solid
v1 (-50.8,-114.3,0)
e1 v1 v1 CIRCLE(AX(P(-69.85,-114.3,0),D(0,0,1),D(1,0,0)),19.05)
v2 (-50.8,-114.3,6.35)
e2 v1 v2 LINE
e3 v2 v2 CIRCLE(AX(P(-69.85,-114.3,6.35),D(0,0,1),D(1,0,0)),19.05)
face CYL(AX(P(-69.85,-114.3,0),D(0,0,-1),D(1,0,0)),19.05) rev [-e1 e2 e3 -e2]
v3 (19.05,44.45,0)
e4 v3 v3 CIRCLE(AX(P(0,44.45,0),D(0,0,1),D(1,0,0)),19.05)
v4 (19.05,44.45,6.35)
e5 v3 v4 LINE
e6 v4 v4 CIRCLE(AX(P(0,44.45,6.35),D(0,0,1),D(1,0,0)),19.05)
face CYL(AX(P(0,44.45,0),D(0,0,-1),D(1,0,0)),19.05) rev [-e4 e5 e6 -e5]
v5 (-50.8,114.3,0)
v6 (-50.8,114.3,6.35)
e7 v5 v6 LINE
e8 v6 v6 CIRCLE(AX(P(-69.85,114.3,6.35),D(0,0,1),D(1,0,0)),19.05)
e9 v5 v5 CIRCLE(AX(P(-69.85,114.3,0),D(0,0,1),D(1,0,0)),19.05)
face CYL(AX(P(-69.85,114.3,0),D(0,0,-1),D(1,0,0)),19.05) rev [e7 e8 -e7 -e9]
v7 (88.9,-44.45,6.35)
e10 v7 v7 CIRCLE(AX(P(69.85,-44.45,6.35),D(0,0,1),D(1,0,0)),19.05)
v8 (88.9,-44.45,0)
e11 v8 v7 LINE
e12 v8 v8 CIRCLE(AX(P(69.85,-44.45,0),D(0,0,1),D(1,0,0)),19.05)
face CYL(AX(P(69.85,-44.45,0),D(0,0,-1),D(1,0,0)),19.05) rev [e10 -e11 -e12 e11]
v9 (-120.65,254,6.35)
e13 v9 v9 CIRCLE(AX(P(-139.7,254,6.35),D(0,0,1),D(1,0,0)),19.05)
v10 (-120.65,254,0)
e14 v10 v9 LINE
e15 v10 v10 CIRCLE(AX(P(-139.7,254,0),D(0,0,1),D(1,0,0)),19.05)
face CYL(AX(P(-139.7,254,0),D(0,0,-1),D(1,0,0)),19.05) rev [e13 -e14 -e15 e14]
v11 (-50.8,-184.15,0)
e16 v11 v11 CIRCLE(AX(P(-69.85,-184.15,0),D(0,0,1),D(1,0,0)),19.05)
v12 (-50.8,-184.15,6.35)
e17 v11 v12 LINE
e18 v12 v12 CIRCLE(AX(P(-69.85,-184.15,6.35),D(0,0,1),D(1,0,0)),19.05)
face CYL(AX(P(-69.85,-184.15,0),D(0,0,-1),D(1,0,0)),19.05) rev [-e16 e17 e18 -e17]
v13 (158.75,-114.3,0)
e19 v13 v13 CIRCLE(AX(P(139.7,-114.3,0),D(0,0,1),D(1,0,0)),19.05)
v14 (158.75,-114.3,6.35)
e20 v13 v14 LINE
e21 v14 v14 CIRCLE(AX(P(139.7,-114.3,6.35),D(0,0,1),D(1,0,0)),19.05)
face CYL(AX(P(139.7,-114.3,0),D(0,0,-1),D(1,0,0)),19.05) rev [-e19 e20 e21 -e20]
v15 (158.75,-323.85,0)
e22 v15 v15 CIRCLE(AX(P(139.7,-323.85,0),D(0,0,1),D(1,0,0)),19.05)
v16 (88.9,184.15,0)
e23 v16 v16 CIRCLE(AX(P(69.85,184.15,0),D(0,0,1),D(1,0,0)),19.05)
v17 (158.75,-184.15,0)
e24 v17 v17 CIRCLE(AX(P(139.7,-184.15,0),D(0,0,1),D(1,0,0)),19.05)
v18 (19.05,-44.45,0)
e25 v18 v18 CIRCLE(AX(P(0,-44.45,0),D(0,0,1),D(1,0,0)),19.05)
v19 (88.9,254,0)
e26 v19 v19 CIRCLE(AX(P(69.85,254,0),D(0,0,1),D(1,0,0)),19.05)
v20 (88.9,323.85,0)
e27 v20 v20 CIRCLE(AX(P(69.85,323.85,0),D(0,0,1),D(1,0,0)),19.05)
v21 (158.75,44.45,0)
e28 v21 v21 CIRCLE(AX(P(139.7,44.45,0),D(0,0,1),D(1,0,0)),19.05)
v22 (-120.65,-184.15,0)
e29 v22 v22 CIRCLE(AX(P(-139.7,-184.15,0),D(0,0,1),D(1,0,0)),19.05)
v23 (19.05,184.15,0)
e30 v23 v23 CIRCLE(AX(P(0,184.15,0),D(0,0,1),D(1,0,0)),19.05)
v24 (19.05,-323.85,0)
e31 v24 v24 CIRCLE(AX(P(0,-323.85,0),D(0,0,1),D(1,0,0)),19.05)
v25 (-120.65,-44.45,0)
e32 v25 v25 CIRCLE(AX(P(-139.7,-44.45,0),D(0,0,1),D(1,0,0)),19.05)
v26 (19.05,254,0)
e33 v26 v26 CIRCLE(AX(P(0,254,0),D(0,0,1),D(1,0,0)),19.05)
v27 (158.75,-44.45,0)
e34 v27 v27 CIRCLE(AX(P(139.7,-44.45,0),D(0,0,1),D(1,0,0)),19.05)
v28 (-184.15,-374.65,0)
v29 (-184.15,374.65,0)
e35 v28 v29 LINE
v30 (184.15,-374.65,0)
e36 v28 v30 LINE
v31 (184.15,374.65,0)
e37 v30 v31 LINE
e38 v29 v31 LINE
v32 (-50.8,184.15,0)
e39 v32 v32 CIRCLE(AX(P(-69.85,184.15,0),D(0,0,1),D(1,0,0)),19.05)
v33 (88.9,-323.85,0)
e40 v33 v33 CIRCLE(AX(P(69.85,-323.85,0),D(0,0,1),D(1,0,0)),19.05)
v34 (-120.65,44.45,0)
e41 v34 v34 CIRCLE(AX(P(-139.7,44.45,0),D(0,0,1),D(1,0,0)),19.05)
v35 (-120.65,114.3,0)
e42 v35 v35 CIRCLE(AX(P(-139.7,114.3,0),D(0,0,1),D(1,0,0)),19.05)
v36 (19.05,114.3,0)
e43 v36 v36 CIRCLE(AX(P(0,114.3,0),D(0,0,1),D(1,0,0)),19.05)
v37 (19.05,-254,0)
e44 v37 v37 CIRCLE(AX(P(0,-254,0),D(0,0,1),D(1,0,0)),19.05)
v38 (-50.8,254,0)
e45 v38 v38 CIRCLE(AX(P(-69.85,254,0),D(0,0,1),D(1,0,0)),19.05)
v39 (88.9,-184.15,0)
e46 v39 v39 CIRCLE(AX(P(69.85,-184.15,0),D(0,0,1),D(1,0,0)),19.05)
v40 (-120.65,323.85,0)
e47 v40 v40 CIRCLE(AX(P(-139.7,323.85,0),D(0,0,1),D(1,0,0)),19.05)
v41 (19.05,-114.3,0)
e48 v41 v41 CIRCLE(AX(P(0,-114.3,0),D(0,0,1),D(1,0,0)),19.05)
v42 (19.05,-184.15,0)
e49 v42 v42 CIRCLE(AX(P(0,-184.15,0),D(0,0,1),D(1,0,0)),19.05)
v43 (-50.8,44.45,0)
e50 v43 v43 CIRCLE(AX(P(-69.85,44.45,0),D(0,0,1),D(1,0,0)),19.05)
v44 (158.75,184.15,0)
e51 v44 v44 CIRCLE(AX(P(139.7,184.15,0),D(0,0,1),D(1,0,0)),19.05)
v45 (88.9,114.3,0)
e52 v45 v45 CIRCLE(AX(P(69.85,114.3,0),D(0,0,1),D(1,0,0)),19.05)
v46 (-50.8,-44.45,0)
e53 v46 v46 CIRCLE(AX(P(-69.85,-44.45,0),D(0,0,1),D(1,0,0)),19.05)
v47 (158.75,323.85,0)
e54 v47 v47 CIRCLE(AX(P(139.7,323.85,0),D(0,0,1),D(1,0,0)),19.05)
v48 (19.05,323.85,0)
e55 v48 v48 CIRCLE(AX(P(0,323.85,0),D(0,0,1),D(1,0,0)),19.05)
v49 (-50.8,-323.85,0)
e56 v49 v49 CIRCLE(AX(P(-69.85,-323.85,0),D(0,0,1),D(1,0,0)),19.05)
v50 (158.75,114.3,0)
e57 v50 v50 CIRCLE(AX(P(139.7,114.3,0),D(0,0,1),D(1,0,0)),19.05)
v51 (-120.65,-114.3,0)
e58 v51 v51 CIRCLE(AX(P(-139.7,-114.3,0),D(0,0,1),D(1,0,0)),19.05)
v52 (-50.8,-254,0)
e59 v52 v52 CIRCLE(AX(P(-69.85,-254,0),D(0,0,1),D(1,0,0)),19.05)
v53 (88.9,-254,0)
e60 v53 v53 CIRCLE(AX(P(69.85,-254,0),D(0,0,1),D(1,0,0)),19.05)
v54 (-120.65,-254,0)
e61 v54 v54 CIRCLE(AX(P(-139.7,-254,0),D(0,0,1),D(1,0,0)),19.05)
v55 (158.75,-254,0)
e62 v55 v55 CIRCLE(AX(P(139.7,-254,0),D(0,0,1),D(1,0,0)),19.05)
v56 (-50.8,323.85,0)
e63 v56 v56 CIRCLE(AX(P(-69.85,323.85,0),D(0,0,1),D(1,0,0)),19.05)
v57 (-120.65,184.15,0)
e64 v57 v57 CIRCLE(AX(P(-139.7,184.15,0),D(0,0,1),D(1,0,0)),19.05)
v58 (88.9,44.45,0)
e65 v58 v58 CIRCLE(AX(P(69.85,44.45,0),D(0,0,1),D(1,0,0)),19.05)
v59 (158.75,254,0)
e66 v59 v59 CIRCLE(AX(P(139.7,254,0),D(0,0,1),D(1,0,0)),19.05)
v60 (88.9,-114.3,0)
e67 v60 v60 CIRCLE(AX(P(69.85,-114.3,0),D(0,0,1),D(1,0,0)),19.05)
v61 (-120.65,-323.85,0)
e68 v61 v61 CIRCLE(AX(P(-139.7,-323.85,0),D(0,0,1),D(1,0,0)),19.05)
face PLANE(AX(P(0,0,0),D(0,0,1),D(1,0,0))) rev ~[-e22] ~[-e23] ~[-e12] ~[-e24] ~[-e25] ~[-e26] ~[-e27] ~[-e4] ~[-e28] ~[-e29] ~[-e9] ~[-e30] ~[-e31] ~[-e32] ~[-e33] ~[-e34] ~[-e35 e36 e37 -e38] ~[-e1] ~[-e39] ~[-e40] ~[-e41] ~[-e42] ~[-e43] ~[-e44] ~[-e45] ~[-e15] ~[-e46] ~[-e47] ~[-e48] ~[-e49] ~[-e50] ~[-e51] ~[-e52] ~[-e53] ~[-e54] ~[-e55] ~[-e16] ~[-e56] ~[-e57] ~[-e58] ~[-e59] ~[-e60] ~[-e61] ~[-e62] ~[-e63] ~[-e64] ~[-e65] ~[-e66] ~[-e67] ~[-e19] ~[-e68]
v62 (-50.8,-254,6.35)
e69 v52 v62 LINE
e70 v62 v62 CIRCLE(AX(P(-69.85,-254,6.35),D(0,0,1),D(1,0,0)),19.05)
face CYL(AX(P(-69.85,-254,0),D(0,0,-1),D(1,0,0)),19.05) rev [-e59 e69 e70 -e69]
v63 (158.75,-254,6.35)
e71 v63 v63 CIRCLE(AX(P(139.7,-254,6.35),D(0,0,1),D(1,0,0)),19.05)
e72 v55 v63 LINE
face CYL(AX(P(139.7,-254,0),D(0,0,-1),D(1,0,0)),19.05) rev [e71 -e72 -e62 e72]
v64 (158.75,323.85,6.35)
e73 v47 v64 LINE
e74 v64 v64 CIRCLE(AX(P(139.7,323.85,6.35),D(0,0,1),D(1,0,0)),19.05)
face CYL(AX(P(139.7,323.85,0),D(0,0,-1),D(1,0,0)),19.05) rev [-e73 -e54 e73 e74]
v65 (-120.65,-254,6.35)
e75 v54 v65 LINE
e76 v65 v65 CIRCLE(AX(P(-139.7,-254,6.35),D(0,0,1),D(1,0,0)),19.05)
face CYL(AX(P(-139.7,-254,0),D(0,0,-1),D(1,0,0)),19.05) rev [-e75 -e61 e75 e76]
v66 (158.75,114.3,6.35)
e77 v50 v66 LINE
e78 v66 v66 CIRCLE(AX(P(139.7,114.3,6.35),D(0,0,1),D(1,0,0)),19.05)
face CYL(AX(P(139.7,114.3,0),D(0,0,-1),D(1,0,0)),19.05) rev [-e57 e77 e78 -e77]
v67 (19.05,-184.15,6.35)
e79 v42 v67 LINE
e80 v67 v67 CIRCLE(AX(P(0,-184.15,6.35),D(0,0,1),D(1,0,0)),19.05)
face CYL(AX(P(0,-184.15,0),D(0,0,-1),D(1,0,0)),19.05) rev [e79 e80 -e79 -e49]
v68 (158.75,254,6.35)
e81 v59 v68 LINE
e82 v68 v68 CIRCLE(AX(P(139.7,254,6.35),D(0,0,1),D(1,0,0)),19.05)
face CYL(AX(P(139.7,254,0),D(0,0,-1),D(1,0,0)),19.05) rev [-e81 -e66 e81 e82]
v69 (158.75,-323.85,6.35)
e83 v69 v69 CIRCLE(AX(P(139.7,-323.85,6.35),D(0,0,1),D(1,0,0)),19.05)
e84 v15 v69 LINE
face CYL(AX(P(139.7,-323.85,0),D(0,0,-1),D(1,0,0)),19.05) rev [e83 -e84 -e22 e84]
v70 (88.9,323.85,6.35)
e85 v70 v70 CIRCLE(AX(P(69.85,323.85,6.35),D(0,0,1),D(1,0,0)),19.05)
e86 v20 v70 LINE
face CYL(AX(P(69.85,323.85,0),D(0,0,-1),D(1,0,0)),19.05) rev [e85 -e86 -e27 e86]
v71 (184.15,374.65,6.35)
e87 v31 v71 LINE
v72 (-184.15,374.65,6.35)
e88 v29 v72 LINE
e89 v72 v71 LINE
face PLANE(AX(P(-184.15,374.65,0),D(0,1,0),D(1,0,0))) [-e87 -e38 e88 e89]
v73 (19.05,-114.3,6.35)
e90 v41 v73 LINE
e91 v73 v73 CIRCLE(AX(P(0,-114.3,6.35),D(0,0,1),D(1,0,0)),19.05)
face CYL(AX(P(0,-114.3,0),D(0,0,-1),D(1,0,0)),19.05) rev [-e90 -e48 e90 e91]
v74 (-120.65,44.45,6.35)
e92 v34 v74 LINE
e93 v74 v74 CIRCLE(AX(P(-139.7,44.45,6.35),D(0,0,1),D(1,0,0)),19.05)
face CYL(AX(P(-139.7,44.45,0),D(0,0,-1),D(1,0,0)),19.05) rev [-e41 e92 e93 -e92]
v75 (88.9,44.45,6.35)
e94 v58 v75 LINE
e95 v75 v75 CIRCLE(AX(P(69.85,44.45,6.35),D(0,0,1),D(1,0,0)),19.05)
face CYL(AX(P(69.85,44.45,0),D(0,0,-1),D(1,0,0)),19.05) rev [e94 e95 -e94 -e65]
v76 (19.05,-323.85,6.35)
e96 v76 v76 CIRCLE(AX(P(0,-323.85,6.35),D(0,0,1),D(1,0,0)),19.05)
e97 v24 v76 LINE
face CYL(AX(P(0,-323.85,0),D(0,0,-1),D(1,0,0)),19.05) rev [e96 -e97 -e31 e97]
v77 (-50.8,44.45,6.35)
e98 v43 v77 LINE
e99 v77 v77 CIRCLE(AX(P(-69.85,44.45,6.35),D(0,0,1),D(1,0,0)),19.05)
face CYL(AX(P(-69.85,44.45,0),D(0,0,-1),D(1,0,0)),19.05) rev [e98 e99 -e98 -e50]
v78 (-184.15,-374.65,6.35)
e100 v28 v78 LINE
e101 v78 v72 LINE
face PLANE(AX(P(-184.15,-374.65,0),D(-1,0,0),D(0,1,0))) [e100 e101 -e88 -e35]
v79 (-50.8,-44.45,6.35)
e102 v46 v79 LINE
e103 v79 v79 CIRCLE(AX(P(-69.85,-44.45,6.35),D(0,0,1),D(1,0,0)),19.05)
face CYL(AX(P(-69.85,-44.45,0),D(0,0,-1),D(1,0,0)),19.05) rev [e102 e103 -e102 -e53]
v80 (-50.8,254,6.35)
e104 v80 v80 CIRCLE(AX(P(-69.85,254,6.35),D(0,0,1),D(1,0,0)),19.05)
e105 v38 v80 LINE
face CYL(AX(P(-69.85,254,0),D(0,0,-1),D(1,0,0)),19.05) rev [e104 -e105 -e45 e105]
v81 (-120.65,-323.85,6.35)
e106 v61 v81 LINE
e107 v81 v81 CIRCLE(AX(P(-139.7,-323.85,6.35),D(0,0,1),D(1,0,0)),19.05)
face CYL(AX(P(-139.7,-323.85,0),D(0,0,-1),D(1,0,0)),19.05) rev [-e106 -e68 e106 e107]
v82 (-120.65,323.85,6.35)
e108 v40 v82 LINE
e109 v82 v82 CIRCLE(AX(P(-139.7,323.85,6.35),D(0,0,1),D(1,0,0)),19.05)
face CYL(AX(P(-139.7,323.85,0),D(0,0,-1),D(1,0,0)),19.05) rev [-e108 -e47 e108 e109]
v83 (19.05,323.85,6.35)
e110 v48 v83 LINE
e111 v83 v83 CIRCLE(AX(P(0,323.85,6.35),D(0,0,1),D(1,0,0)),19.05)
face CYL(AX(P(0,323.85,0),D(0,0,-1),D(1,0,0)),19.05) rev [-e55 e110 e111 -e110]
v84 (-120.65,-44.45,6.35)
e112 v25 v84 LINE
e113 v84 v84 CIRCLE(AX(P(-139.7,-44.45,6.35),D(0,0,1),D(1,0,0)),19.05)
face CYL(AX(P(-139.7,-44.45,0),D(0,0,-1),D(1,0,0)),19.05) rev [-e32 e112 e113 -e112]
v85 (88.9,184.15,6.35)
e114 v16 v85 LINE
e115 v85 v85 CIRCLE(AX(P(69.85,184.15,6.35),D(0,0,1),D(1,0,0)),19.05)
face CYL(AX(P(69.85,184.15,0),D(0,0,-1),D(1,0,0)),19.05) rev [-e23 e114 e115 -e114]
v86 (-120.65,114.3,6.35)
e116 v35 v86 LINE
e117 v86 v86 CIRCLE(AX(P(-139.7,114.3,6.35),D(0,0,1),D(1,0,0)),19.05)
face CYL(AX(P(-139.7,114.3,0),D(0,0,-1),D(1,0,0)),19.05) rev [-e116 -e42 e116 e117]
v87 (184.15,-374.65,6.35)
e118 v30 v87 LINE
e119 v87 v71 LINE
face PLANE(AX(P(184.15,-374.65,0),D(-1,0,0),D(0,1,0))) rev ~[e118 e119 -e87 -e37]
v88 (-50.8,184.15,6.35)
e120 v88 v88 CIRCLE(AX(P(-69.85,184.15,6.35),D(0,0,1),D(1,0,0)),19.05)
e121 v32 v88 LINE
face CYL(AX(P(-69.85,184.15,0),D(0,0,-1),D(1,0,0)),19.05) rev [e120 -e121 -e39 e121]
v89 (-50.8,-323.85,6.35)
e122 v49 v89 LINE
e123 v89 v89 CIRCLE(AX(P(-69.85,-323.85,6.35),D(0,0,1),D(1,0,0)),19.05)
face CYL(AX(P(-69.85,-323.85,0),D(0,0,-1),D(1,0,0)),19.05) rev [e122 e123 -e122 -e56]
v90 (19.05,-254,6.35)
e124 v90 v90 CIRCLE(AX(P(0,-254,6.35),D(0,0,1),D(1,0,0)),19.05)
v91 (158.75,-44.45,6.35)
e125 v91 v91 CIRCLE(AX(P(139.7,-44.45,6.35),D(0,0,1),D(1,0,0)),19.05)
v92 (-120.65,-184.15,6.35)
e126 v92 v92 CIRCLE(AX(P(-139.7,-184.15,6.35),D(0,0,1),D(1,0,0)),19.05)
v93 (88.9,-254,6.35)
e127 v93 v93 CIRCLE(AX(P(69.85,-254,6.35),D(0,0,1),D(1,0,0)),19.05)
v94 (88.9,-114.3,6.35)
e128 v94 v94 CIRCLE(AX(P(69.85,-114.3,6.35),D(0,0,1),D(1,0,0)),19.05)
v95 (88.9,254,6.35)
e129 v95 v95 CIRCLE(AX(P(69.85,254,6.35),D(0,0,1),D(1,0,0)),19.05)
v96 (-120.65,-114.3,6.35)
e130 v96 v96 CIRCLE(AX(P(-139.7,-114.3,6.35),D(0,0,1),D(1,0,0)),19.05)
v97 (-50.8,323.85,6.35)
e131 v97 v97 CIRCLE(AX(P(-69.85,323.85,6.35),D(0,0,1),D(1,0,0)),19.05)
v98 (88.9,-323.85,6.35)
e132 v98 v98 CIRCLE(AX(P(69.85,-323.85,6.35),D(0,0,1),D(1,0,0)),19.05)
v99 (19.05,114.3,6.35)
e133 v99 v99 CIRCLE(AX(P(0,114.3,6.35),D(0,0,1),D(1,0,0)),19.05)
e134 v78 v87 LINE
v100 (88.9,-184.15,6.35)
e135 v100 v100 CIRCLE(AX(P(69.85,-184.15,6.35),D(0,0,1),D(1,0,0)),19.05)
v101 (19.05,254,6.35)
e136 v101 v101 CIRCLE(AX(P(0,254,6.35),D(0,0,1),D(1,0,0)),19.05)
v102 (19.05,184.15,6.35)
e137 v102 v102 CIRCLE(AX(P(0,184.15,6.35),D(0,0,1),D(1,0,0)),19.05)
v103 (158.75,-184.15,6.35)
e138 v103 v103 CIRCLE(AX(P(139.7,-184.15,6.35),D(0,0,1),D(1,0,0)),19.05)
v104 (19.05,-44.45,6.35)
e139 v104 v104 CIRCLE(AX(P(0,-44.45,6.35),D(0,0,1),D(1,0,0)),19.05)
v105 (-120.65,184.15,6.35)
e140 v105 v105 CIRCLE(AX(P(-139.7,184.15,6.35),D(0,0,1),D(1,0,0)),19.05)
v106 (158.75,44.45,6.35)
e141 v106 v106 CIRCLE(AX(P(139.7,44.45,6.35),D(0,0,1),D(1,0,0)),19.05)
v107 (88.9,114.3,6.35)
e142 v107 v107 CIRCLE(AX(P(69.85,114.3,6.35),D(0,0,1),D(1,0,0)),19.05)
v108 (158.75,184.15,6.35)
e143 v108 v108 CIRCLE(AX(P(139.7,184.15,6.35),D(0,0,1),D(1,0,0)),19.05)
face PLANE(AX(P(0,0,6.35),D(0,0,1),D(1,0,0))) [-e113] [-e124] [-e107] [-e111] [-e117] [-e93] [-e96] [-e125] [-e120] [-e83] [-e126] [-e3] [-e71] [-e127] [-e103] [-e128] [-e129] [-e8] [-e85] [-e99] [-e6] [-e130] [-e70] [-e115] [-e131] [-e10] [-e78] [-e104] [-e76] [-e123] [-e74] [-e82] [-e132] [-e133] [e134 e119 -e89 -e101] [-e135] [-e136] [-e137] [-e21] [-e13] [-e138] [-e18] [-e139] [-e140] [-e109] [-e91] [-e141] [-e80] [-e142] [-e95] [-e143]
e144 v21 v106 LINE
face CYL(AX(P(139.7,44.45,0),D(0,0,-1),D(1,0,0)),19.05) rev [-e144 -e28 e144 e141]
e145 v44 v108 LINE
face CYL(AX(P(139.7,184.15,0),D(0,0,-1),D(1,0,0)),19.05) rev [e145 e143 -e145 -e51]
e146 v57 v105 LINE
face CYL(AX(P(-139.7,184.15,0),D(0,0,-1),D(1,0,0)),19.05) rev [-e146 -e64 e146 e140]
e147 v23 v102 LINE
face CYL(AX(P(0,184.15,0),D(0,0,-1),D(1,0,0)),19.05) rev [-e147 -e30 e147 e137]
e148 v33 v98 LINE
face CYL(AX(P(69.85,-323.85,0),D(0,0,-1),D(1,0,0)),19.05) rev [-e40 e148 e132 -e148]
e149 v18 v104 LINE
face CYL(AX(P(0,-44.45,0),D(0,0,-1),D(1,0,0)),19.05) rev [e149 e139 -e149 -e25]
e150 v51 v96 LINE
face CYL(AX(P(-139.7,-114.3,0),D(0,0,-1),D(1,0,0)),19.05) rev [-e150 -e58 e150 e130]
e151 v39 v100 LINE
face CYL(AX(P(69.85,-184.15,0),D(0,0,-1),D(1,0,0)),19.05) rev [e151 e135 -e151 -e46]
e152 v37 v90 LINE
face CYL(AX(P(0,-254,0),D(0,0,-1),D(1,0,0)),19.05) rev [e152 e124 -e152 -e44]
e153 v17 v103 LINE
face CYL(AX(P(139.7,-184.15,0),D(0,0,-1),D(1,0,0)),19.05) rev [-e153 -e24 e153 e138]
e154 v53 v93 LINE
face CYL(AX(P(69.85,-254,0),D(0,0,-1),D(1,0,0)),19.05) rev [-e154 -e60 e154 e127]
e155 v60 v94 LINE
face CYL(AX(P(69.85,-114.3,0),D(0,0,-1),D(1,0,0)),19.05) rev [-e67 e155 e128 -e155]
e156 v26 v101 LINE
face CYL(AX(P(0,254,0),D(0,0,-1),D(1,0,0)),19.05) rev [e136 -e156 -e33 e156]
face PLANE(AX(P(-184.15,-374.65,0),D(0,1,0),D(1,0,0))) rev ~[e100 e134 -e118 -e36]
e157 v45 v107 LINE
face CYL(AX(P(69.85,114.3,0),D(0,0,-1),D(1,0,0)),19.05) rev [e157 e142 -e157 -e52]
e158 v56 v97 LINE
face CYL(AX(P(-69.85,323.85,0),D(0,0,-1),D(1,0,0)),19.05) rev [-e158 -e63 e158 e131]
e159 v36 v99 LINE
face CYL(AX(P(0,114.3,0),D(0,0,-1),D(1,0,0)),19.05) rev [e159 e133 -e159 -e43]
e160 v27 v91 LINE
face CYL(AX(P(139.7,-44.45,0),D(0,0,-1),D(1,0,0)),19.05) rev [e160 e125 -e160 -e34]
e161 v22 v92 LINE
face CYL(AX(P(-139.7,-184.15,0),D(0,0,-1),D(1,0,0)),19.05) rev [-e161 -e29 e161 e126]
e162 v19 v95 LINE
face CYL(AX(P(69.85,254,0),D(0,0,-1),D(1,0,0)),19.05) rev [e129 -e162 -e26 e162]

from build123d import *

# Parameters (mm, degrees)
F0_W     = 368.3
F0_H     = 749.3
F0_R     = 19.05
F1_DEPTH = 6.35


with BuildPart() as f1:
    # F0 (on Top) → F1 (new body)
    with BuildSketch(Plane.XY):
        Rectangle(F0_W, F0_H)
        with Locations((-139.7, -323.85)):
            Circle(F0_R, mode=Mode.SUBTRACT)
        with Locations((-139.7, -254)):
            Circle(F0_R, mode=Mode.SUBTRACT)
        with Locations((-69.85, -323.85)):
            Circle(F0_R, mode=Mode.SUBTRACT)
        with Locations((-69.85, -254)):
            Circle(F0_R, mode=Mode.SUBTRACT)
        with Locations((-139.7, -184.15)):
            Circle(F0_R, mode=Mode.SUBTRACT)
        with Locations((-139.7, -114.3)):
            Circle(F0_R, mode=Mode.SUBTRACT)
        with Locations((-139.7, -44.45)):
            Circle(F0_R, mode=Mode.SUBTRACT)
        with Locations((-69.85, -184.15)):
            Circle(F0_R, mode=Mode.SUBTRACT)
        with Locations((-69.85, -114.3)):
            Circle(F0_R, mode=Mode.SUBTRACT)
        with Locations((-69.85, -44.45)):
            Circle(F0_R, mode=Mode.SUBTRACT)
        with Locations((0, -323.85)):
            Circle(F0_R, mode=Mode.SUBTRACT)
        with Locations((69.85, -323.85)):
            Circle(F0_R, mode=Mode.SUBTRACT)
        with Locations((0, -254)):
            Circle(F0_R, mode=Mode.SUBTRACT)
        with Locations((69.85, -254)):
            Circle(F0_R, mode=Mode.SUBTRACT)
        with Locations((139.7, -323.85)):
            Circle(F0_R, mode=Mode.SUBTRACT)
        with Locations((139.7, -254)):
            Circle(F0_R, mode=Mode.SUBTRACT)
        with Locations((0, -184.15)):
            Circle(F0_R, mode=Mode.SUBTRACT)
        with Locations((0, -114.3)):
            Circle(F0_R, mode=Mode.SUBTRACT)
        with Locations((69.85, -184.15)):
            Circle(F0_R, mode=Mode.SUBTRACT)
        with Locations((69.85, -114.3)):
            Circle(F0_R, mode=Mode.SUBTRACT)
        with Locations((0, -44.45)):
            Circle(F0_R, mode=Mode.SUBTRACT)
        with Locations((69.85, -44.45)):
            Circle(F0_R, mode=Mode.SUBTRACT)
        with Locations((139.7, -184.15)):
            Circle(F0_R, mode=Mode.SUBTRACT)
        with Locations((139.7, -114.3)):
            Circle(F0_R, mode=Mode.SUBTRACT)
        with Locations((139.7, -44.45)):
            Circle(F0_R, mode=Mode.SUBTRACT)
        with Locations((-139.7, 44.45)):
            Circle(F0_R, mode=Mode.SUBTRACT)
        with Locations((-139.7, 114.3)):
            Circle(F0_R, mode=Mode.SUBTRACT)
        with Locations((-139.7, 184.15)):
            Circle(F0_R, mode=Mode.SUBTRACT)
        with Locations((-69.85, 44.45)):
            Circle(F0_R, mode=Mode.SUBTRACT)
        with Locations((-69.85, 114.3)):
            Circle(F0_R, mode=Mode.SUBTRACT)
        with Locations((-69.85, 184.15)):
            Circle(F0_R, mode=Mode.SUBTRACT)
        with Locations((-139.7, 254)):
            Circle(F0_R, mode=Mode.SUBTRACT)
        with Locations((-139.7, 323.85)):
            Circle(F0_R, mode=Mode.SUBTRACT)
        with Locations((-69.85, 254)):
            Circle(F0_R, mode=Mode.SUBTRACT)
        with Locations((-69.85, 323.85)):
            Circle(F0_R, mode=Mode.SUBTRACT)
        with Locations((0, 44.45)):
            Circle(F0_R, mode=Mode.SUBTRACT)
        with Locations((69.85, 44.45)):
            Circle(F0_R, mode=Mode.SUBTRACT)
        with Locations((0, 114.3)):
            Circle(F0_R, mode=Mode.SUBTRACT)
        with Locations((0, 184.15)):
            Circle(F0_R, mode=Mode.SUBTRACT)
        with Locations((69.85, 114.3)):
            Circle(F0_R, mode=Mode.SUBTRACT)
        with Locations((69.85, 184.15)):
            Circle(F0_R, mode=Mode.SUBTRACT)
        with Locations((139.7, 44.45)):
            Circle(F0_R, mode=Mode.SUBTRACT)
        with Locations((139.7, 114.3)):
            Circle(F0_R, mode=Mode.SUBTRACT)
        with Locations((139.7, 184.15)):
            Circle(F0_R, mode=Mode.SUBTRACT)
        with Locations((0, 254)):
            Circle(F0_R, mode=Mode.SUBTRACT)
        with Locations((69.85, 254)):
            Circle(F0_R, mode=Mode.SUBTRACT)
        with Locations((0, 323.85)):
            Circle(F0_R, mode=Mode.SUBTRACT)
        with Locations((69.85, 323.85)):
            Circle(F0_R, mode=Mode.SUBTRACT)
        with Locations((139.7, 254)):
            Circle(F0_R, mode=Mode.SUBTRACT)
        with Locations((139.7, 323.85)):
            Circle(F0_R, mode=Mode.SUBTRACT)
    extrude(amount=F1_DEPTH)


solid = f1.part
